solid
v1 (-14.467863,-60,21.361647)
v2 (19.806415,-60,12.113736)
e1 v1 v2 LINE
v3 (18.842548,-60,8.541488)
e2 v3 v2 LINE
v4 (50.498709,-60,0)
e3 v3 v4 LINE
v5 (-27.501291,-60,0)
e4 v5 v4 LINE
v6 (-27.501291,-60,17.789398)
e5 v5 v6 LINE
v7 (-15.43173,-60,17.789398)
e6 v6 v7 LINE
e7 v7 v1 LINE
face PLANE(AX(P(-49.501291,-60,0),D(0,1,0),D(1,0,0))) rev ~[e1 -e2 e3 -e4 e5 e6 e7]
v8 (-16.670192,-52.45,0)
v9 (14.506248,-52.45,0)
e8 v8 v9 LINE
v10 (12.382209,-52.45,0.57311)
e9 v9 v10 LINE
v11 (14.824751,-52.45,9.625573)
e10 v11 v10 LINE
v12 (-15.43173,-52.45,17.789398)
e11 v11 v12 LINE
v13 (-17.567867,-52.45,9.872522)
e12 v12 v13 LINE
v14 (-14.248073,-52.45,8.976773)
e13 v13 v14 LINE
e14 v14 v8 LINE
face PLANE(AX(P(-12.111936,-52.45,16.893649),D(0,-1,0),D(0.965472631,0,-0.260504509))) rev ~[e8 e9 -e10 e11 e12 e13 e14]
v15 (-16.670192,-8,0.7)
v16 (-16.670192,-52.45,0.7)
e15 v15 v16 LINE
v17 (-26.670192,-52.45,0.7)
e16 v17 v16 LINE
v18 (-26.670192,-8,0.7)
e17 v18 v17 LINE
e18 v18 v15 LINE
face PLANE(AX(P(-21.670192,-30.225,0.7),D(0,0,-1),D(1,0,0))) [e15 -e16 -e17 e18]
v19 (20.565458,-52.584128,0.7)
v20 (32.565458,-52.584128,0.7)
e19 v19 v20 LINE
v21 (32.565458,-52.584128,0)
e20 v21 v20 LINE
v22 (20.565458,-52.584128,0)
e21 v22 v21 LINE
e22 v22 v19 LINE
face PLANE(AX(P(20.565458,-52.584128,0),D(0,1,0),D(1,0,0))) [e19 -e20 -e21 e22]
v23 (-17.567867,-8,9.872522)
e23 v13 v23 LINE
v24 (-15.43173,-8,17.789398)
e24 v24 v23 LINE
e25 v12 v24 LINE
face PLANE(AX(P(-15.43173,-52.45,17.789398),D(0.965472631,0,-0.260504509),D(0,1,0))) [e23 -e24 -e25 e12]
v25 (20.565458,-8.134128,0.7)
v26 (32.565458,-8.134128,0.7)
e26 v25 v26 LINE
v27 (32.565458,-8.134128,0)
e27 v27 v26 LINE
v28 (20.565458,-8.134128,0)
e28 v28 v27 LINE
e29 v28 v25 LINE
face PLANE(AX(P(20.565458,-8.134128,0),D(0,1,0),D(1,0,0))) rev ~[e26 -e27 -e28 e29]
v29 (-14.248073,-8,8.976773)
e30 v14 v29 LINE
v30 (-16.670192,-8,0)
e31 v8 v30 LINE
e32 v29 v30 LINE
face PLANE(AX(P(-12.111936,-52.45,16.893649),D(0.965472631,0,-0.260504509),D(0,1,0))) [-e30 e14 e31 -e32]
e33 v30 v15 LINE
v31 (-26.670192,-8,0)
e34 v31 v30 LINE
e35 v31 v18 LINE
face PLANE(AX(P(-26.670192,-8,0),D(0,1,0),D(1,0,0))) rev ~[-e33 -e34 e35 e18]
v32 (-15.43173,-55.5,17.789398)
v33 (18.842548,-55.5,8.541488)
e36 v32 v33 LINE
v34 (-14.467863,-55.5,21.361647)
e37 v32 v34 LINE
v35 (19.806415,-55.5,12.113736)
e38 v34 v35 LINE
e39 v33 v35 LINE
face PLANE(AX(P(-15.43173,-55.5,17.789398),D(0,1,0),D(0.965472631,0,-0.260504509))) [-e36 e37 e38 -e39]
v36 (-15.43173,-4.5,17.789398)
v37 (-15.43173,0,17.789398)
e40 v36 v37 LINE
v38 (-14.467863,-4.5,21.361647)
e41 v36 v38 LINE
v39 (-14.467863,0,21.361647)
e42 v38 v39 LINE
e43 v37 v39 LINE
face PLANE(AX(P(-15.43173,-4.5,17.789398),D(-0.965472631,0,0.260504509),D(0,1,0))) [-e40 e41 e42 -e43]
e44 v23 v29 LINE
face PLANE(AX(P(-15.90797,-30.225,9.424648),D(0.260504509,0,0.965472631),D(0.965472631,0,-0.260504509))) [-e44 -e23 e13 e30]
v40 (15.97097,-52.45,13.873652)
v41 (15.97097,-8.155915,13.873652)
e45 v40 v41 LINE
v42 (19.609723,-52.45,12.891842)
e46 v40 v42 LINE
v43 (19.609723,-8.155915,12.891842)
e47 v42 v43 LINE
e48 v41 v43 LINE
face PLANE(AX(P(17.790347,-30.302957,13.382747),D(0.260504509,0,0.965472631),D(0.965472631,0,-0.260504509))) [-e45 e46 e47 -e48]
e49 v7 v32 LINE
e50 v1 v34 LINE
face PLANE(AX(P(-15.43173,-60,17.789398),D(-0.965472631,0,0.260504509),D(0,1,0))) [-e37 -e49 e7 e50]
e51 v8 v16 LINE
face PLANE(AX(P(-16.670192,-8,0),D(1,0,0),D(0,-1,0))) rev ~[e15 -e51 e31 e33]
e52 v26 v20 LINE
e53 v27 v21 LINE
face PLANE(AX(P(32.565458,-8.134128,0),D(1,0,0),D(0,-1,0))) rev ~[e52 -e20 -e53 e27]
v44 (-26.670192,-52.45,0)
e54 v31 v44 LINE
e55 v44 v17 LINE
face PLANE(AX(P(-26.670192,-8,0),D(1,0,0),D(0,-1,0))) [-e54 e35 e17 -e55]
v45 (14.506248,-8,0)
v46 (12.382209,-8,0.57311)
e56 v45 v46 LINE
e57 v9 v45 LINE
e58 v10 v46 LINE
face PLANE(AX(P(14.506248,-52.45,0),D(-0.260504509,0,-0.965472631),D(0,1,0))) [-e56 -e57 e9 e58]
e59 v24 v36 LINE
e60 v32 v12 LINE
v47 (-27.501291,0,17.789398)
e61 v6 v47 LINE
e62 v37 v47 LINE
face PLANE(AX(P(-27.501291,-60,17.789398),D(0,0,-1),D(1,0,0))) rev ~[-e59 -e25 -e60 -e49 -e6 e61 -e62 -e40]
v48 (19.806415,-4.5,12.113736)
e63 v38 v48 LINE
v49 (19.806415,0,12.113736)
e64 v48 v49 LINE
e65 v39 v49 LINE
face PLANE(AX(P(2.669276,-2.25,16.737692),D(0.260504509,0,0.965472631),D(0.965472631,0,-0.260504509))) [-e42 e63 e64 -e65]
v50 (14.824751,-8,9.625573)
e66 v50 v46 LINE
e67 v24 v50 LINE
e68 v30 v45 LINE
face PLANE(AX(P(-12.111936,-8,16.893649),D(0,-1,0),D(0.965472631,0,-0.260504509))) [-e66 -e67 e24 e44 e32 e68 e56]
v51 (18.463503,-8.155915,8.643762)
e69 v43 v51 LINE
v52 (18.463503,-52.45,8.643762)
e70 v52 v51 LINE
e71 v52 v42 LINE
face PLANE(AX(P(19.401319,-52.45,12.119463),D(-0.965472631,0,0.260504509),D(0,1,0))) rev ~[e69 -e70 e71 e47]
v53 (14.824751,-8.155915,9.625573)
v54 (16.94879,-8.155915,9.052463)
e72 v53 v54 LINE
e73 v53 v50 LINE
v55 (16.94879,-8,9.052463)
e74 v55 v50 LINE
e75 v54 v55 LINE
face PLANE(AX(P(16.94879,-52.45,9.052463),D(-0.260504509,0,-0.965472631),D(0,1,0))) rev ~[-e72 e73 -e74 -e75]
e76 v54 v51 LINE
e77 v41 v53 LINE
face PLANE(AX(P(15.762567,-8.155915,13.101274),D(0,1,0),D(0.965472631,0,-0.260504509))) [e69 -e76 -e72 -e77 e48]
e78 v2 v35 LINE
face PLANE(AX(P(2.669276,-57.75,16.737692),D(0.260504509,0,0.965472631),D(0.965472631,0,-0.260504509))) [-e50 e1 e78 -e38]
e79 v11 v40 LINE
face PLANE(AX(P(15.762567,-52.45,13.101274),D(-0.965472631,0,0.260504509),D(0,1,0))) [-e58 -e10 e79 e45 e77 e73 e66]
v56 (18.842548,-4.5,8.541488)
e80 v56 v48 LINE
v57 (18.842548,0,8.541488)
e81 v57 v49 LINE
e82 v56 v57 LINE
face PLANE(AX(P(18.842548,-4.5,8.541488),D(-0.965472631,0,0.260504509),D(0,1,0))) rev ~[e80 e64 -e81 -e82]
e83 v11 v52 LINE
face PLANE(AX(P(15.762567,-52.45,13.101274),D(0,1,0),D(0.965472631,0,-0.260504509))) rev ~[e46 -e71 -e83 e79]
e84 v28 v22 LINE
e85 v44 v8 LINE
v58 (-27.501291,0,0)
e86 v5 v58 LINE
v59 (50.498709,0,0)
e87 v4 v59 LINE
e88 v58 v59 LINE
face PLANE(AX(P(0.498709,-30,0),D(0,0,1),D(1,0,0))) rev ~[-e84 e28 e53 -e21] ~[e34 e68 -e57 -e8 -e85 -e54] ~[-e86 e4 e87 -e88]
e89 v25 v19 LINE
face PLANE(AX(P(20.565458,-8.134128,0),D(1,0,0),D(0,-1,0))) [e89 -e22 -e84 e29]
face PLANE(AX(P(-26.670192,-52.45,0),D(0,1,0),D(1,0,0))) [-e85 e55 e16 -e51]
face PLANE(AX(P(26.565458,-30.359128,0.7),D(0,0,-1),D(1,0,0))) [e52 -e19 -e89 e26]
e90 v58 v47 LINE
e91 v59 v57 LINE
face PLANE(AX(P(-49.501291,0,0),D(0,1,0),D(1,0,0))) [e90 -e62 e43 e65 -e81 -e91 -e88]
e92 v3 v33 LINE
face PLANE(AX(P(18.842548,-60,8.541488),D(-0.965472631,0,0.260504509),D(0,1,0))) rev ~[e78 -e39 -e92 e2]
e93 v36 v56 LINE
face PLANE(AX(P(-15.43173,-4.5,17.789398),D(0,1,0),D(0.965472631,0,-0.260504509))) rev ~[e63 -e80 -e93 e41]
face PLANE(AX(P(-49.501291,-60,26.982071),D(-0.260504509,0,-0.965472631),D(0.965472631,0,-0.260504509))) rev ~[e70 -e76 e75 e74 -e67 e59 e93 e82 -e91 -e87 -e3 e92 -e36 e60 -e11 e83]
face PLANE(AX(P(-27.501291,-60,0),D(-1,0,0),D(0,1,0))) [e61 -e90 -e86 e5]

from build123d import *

# Parameters (mm, degrees)
F0_W      = 100
F0_H      = 60
F1_DEPTH  = 31
F3_DEPTH  = 60.001
F4_W      = 30.1
F4_H      = 44.45
F5_DEPTH  = 26.0514508643
F6_W      = 3.4385170311
F6_H      = 44.45
F7_DEPTH  = 8.2
F8_DEPTH  = 2.2
F9_DEPTH  = 22
F10_W     = 3.7688823059
F10_H     = 44.2940850452
F11_DEPTH = 3.6
F12_W     = 35.5
F12_H     = 4.5
F13_DEPTH = 3.7
F14_DEPTH = 0.8
F15_W     = 12
F15_H     = 44.45
F17_DEPTH = 0.7
F18_W     = 10
F18_H     = 44.45
F19_DEPTH = 0.7
F21_DEPTH = 70.6


with BuildPart() as f1:
    # F0 (on Top) → F1 (new body)
    with BuildSketch(Plane.XY):
        with Locations((0.4987093992, -30)):
            Rectangle(F0_W, F0_H)
    extrude(amount=F1_DEPTH)

    # F2 (on face) → F3 (cut, through all)
    with BuildSketch(Plane.XZ.offset(60)):
        Polygon((-49.5012906008, 26.9820707818), (50.4987093992, 0), (50.4987093992, 31), (-49.5012906008, 31), align=None)
    extrude(amount=-F3_DEPTH, mode=Mode.SUBTRACT)

    # F4 (on face) → F5 (cut, through all)
    with BuildSketch(Plane(origin=(3.4269736671, 0, 12.7009290534), x_dir=(0.9654726309, 0, -0.2605045086), z_dir=(0.2605045086, 0, 0.9654726309))):
        with Locations((-1.0446142405, -30.225)):
            Rectangle(F4_W, F4_H)
    extrude(amount=-F5_DEPTH, mode=Mode.SUBTRACT)

    # F6 (on face) → F7 (cut)
    with BuildSketch(Plane(origin=(3.4269736671, 0, 12.7009290534), x_dir=(0.9654726309, 0, -0.2605045086), z_dir=(0.2605045086, 0, 0.9654726309))):
        with Locations((-17.8138727561, -30.225)):
            Rectangle(F6_W, F6_H)
    extrude(amount=-F7_DEPTH, mode=Mode.SUBTRACT)

    # F8 (add): a face of the model
    f8_faces = [f1.faces().sort_by_distance(p)[0] for p in [
        (15.7275193268, -30.225, 4.5262314589),
    ]]
    extrude(f8_faces, amount=F8_DEPTH)

    # F9 (cut): a face of the model
    f9_faces = [f1.faces().sort_by_distance(p)[0] for p in [
        (-49.5012906008, -30, 13.4910353909),
    ]]
    extrude(f9_faces, amount=-F9_DEPTH, mode=Mode.SUBTRACT)

    # F10 (on face) → F11 (join)
    with BuildSketch(Plane(origin=(3.4269736671, 0, 12.7009290534), x_dir=(0.9654726309, 0, -0.2605045086), z_dir=(0.2605045086, 0, 0.9654726309))):
        with Locations((13.6898269124, -30.3029574774)):
            Rectangle(F10_W, F10_H)
    extrude(amount=F11_DEPTH)

    # F12 (on face) → F13 (join)
    with BuildSketch(Plane(origin=(3.4269736671, 0, 12.7009290534), x_dir=(0.9654726309, 0, -0.2605045086), z_dir=(0.2605045086, 0, 0.9654726309))):
        with Locations((-1.7831312716, -2.25)):
            Rectangle(F12_W, F12_H)
        with Locations((-1.7831312716, -57.75)):
            Rectangle(F12_W, F12_H)
    extrude(amount=F13_DEPTH)

    # F14 (add): a face of the model
    f14_faces = [f1.faces().sort_by_distance(p)[0] for p in [
        (17.5819431037, -30.3029574774, 12.6103688914),
    ]]
    extrude(f14_faces, amount=F14_DEPTH)

    # F15 (on face) → F17 (cut)
    with BuildSketch(Plane(origin=(0, 0, 0), x_dir=(1, 0, 0), z_dir=(0, 0, -1))):
        with Locations((26.5654576292, 30.3591284901)):
            Rectangle(F15_W, F15_H)
    extrude(amount=-F17_DEPTH, mode=Mode.SUBTRACT)

    # F18 (on face) → F19 (cut)
    with BuildSketch(Plane(origin=(0, 0, 0), x_dir=(1, 0, 0), z_dir=(0, 0, -1))):
        with Locations((-21.6701921171, 30.225)):
            Rectangle(F18_W, F18_H)
    extrude(amount=-F19_DEPTH, mode=Mode.SUBTRACT)

    # F20 (on face) → F21 (cut)
    with BuildSketch(Plane.XZ.offset(60)):
        Polygon((-27.5012906008, 17.7893978176), (-15.431729971, 17.7893978176), (-27.5012906008, 21.0460152098), align=None)
    extrude(amount=-F21_DEPTH, mode=Mode.SUBTRACT)


solid = f1.part
